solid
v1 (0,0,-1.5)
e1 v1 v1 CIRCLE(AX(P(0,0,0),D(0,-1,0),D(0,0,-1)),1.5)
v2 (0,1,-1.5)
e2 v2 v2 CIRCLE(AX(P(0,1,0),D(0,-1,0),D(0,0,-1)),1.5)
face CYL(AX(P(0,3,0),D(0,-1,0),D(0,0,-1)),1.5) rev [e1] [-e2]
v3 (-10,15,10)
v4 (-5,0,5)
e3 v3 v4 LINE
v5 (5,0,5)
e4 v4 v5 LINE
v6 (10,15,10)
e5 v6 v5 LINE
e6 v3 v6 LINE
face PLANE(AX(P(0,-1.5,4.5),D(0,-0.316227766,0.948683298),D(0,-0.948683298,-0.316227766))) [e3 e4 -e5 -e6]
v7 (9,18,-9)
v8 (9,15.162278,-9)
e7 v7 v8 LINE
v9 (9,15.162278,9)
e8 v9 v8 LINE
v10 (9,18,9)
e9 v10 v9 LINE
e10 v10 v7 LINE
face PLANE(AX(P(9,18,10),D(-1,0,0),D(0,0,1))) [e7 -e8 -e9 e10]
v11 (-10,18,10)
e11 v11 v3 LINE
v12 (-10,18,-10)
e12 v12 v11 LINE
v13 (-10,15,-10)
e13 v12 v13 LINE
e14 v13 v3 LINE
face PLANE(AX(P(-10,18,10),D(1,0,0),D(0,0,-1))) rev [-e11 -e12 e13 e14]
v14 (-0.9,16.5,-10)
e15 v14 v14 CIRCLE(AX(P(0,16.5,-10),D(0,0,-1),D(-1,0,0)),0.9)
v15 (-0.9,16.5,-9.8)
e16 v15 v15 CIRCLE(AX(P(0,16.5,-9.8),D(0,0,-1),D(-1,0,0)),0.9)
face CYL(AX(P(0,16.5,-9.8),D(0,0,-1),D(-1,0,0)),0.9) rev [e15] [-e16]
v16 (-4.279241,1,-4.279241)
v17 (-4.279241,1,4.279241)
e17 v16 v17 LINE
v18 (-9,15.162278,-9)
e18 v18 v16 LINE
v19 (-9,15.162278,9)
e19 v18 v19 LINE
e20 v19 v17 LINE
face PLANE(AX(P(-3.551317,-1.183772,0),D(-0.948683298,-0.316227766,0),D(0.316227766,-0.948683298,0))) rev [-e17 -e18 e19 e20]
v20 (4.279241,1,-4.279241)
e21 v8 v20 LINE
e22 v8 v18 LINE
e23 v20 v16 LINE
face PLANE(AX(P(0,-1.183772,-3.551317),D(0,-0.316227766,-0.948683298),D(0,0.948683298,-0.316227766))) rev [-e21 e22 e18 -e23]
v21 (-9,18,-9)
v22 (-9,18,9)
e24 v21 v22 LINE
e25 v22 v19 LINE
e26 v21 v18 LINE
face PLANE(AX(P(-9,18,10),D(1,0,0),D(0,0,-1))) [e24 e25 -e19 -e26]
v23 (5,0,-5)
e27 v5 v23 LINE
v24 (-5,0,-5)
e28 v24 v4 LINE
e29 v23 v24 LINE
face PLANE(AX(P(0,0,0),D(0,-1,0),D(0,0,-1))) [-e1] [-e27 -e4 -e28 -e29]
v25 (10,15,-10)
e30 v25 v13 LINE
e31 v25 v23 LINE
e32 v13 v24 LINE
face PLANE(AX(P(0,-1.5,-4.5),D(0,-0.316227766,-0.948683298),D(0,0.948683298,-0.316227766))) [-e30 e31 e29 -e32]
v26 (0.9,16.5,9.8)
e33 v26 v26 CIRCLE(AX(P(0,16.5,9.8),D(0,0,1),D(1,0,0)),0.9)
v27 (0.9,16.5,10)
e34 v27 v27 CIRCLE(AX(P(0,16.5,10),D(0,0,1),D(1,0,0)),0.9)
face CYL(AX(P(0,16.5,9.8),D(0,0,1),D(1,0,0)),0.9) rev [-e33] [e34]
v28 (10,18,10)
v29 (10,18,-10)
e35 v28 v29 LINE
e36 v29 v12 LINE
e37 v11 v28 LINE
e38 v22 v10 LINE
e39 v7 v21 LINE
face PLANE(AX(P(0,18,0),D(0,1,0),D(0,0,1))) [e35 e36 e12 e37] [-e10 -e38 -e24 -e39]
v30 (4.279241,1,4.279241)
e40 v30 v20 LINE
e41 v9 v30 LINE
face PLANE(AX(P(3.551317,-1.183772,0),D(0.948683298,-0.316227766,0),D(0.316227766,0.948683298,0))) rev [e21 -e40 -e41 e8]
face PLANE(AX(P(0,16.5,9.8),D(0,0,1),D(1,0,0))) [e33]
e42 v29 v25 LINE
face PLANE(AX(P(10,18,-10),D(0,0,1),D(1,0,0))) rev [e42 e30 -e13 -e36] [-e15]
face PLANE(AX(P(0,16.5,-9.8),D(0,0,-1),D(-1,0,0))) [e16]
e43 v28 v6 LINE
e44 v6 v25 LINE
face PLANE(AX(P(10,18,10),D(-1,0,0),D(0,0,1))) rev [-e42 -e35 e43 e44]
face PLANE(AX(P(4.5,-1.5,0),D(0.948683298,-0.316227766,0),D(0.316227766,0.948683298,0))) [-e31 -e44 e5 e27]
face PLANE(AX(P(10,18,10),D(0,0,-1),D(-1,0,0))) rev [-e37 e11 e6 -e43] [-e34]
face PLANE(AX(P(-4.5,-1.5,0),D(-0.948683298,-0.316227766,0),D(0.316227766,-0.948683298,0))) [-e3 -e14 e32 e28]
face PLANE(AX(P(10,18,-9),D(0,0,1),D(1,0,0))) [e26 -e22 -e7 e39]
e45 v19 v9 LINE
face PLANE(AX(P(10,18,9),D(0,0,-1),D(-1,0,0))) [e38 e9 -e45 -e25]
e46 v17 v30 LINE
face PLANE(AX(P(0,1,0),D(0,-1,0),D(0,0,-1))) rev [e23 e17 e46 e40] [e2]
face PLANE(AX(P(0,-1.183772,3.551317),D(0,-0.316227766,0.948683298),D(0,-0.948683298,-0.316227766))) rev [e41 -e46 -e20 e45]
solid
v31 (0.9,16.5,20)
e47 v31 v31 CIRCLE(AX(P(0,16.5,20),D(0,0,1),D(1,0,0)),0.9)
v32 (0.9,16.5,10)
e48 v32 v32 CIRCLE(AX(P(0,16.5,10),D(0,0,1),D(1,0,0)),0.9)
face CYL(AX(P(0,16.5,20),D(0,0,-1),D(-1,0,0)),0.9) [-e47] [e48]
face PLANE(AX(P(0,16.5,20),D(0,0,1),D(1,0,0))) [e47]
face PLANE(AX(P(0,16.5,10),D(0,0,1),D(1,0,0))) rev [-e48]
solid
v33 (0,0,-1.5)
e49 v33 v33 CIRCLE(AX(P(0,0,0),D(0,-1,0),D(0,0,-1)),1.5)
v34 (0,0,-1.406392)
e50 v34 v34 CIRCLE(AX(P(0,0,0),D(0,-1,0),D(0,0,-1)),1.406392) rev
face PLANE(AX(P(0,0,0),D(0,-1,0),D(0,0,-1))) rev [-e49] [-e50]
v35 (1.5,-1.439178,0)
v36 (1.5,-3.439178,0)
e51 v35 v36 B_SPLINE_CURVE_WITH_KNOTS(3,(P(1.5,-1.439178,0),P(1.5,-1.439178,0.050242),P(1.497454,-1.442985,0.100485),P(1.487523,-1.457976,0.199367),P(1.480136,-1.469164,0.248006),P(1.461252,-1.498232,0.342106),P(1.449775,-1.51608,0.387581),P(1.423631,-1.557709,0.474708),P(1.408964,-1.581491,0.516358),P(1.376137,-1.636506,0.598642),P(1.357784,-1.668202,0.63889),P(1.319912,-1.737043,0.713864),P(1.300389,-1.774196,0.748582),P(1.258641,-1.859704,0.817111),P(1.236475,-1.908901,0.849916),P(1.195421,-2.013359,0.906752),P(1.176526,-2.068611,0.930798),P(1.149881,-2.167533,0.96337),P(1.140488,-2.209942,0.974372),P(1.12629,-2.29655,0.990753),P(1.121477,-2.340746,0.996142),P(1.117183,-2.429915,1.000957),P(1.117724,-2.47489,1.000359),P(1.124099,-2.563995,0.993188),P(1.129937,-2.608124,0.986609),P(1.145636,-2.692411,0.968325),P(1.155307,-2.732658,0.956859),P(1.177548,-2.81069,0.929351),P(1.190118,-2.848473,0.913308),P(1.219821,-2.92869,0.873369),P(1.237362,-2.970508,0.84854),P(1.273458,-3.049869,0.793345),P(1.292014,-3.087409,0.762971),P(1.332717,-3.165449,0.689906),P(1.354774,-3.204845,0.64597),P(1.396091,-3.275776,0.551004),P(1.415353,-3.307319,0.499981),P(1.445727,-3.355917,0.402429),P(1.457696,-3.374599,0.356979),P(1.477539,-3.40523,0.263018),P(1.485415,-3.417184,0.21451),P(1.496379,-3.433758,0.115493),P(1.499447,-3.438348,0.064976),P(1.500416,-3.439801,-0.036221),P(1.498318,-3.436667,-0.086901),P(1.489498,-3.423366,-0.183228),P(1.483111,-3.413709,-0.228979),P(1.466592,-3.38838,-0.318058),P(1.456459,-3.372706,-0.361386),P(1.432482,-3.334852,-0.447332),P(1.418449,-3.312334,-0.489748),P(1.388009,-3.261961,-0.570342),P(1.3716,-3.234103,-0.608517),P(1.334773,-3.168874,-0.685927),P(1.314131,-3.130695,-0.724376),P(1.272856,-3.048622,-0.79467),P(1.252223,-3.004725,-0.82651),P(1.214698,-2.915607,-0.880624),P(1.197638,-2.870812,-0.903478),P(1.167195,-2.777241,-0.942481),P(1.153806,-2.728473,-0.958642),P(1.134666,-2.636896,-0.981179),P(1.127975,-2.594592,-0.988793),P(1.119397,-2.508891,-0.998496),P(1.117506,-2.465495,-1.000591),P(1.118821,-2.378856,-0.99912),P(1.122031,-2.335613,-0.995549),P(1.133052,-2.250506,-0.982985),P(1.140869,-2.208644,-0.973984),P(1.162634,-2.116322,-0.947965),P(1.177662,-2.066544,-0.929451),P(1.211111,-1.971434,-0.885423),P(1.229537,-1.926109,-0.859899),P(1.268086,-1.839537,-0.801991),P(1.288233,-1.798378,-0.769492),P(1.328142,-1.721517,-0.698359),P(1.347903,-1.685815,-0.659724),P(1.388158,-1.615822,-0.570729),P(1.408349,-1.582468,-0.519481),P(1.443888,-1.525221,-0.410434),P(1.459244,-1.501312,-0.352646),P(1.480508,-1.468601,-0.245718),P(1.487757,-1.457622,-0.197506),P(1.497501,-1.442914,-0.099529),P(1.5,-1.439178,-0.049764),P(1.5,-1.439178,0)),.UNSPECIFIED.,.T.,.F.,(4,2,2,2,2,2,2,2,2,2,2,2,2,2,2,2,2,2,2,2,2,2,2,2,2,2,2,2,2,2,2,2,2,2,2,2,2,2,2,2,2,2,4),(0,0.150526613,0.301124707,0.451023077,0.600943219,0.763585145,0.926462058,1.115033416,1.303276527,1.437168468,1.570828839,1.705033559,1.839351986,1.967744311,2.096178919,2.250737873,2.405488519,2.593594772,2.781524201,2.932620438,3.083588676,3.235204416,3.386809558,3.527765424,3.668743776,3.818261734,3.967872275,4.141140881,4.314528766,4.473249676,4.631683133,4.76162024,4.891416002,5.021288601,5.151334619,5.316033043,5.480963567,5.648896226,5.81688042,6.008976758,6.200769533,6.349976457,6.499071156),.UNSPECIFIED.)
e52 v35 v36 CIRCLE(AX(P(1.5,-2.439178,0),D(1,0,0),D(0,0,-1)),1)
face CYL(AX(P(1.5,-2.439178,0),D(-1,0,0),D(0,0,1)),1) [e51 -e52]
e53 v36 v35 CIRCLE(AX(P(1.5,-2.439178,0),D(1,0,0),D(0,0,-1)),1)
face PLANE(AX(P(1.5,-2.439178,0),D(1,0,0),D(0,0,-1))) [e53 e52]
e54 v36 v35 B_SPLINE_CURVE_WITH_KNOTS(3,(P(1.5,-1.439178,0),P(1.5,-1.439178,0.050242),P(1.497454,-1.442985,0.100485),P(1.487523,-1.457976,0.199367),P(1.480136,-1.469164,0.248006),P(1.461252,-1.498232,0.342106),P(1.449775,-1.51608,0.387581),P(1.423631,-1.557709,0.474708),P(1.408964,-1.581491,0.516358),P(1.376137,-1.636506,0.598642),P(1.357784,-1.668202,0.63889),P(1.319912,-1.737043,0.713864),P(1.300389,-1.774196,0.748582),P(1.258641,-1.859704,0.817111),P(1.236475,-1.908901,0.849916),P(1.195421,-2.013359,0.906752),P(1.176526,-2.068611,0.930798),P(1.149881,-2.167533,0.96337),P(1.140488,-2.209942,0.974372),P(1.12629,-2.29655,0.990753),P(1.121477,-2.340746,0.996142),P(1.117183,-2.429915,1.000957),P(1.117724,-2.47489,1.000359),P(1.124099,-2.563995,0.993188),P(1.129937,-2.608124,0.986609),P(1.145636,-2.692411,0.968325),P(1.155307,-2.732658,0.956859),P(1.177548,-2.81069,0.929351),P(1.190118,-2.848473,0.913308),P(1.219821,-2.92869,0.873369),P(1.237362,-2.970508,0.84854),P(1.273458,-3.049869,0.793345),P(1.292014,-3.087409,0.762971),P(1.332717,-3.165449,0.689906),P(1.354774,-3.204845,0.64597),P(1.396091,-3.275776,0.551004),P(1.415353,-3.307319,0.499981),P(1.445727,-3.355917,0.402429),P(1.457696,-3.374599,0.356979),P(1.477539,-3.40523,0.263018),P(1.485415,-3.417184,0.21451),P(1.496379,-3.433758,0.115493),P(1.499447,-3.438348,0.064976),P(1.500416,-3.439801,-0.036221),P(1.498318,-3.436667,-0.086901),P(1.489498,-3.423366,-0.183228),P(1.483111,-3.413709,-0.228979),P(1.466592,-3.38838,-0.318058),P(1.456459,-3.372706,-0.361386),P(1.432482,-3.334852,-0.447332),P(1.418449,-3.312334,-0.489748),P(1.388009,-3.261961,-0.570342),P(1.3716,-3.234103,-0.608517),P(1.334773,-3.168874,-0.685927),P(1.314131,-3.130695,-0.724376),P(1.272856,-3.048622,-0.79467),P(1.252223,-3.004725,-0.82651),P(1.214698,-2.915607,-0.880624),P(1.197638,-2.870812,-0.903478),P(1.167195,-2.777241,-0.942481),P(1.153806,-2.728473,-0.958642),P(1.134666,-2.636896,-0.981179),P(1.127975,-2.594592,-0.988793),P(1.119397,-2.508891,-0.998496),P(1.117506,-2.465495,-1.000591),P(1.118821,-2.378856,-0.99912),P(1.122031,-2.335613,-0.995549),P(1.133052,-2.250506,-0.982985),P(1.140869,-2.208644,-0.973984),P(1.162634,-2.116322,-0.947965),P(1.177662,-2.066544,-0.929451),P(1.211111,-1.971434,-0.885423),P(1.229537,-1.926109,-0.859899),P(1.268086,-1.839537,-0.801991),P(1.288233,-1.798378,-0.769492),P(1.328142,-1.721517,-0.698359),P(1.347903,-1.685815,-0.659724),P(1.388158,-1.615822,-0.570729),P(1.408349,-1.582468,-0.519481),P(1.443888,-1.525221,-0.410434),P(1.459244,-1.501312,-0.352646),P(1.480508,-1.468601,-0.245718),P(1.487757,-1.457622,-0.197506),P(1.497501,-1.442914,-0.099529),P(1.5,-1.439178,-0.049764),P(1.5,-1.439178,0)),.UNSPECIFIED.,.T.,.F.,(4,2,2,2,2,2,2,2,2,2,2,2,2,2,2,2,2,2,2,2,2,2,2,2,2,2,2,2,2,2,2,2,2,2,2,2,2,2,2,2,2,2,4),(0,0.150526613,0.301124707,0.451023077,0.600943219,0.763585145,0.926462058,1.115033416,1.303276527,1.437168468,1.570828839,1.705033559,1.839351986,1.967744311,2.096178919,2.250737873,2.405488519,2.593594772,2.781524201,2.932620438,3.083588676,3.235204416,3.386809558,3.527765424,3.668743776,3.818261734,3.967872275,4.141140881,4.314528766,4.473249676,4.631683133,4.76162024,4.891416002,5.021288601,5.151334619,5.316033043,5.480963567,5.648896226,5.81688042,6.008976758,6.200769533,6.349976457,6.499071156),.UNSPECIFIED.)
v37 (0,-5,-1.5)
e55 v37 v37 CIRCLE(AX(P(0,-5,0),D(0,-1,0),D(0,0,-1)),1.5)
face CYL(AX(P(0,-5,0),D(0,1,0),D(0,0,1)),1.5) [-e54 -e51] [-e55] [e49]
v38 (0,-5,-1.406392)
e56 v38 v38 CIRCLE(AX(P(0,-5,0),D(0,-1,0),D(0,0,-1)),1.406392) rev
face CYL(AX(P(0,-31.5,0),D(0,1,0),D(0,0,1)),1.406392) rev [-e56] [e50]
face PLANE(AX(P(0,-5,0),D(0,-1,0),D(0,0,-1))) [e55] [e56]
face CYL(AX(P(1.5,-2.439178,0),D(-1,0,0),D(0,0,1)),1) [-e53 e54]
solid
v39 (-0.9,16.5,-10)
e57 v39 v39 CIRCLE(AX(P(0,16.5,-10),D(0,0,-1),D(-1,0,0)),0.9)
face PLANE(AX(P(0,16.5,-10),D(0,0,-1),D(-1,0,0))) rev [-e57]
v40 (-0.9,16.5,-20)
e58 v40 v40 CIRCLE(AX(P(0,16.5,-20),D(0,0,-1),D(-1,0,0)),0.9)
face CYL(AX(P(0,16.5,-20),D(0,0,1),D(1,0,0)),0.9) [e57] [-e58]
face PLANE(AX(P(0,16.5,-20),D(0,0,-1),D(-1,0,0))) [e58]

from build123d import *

# Parameters (mm, degrees)
CROQUIS3_W                 = 20
CROQUIS3_H                 = 20
SALIENTE_EXTRUIR1_DEPTH    = 3
VACIADO2_T                 = -1
CROQUIS4_R                 = 1.5
CORTAR_EXTRUIR1_DEPTH      = 3
CROQUIS5_R                 = 1.5
SALIENTE_EXTRUIR2_DEPTH    = 5
CROQUIS6_R                 = 1.355898714
CORTAR_EXTRUIR2_DEPTH      = 15
CROQUIS7_R                 = 1
SALIENTE_EXTRUIR4_DEPTH    = 1.5
CORTAR_EXTRUIR3_DEPTH      = 31.5
CORTAR_EXTRUIR3_DEPTH_BACK = 1.5
CROQUIS10_R                = 1.406391719
CROQUIS11_R                = 0.9
CORTAR_EXTRUIR4_DEPTH      = 0.2
CORTAR_EXTRUIR5_START      = -0.2
CROQUIS12_R                = 0.9
CORTAR_EXTRUIR5_DEPTH      = 0.2
CROQUIS15_R                = 0.9
SALIENTE_EXTRUIR6_DEPTH    = 10
CROQUIS16_R                = 0.9
SALIENTE_EXTRUIR7_DEPTH    = 10


with BuildPart() as part:
    # Croquis2 → Recubrir1 section 0
    with BuildSketch(Plane(origin=(0, 15, 0), x_dir=(1, 0, 0), z_dir=(0, 1, 0))):
        with BuildLine():
            Line((-10, -10), (10, -10))
            Line((10, -10), (10, 10))
            Line((10, 10), (-10, 10))
            Line((-10, 10), (-10, -10))
        make_face()
    # Croquis1 → Recubrir1 section 1
    with BuildSketch(Plane(origin=(0, 0, 0), x_dir=(1, 0, 0), z_dir=(0, 1, 0))):
        with BuildLine():
            Line((-5, -5), (5, -5))
            Line((5, -5), (5, 5))
            Line((5, 5), (-5, 5))
            Line((-5, 5), (-5, -5))
        make_face()
    loft()

    # Croquis3 → Saliente-Extruir1 (add)
    with BuildSketch(Plane(origin=(0, 15, 0), x_dir=(1, 0, 0), z_dir=(0, 1, 0))):
        Rectangle(CROQUIS3_W, CROQUIS3_H)
    extrude(amount=SALIENTE_EXTRUIR1_DEPTH)

    # Vaciado2
    vaciado2_openings = [part.faces().sort_by_distance(p)[0] for p in [
        (0, 18, 0),
    ]]
    offset(amount=VACIADO2_T, openings=vaciado2_openings, kind=Kind.INTERSECTION)

    # Croquis4 → Cortar-Extruir1 (cut)
    with BuildSketch(Plane(origin=(0, 0, 0), x_dir=(-1, 0, 0), z_dir=(0, -1, 0))):
        with Locations(Location((0, 0, 0), (0, 0, 90))):
            Circle(CROQUIS4_R)
    extrude(amount=-CORTAR_EXTRUIR1_DEPTH, mode=Mode.SUBTRACT)

    # Croquis11 → Cortar-Extruir4 (cut)
    with BuildSketch(Plane(origin=(0, 0, -10), x_dir=(-1, 0, 0), z_dir=(0, 0, -1))):
        with Locations((0, 16.5)):
            Circle(CROQUIS11_R)
    extrude(amount=-CORTAR_EXTRUIR4_DEPTH, mode=Mode.SUBTRACT)

    # Croquis12 → Cortar-Extruir5 (cut)
    with BuildSketch(Plane.XY.offset(10).offset(CORTAR_EXTRUIR5_START)):
        with Locations(Location((0, 16.5, 0), (0, 0, 180))):
            Circle(CROQUIS12_R)
    extrude(amount=CORTAR_EXTRUIR5_DEPTH, mode=Mode.SUBTRACT)


with BuildPart() as body_2:
    # Croquis5 → Saliente-Extruir2 (new body)
    with BuildSketch(Plane(origin=(0, 0, 0), x_dir=(-1, 0, 0), z_dir=(0, -1, 0))):
        with Locations(Location((0, 0, 0), (0, 0, 90))):
            Circle(CROQUIS5_R)
    extrude(amount=SALIENTE_EXTRUIR2_DEPTH)

    # Croquis6 → Cortar-Extruir2 (cut)
    with BuildSketch(Plane(origin=(0, -5, 0), x_dir=(-1, 0, 0), z_dir=(0, -1, 0))):
        with Locations(Location((0, 0, 0), (0, 0, 90))):
            Circle(CROQUIS6_R)
    extrude(amount=-CORTAR_EXTRUIR2_DEPTH, mode=Mode.SUBTRACT)

    # Croquis7 → Saliente-Extruir4 (add)
    with BuildSketch(Plane(origin=(0, 0, 0), x_dir=(0, 0, -1), z_dir=(1, 0, 0))):
        with Locations(Location((0, -2.4391778, 0), (0, 0, 180))):
            Circle(CROQUIS7_R)
    extrude(amount=SALIENTE_EXTRUIR4_DEPTH)

    # Croquis10 → Cortar-Extruir3 (cut, two sides: drawn at the far end of the back side and taken through both)
    with BuildSketch(Plane(origin=(0, 0, 0), x_dir=(-1, 0, 0), z_dir=(0, -1, 0)).offset(-CORTAR_EXTRUIR3_DEPTH_BACK)):
        with Locations(Location((0, 0, 0), (0, 0, 90))):
            Circle(CROQUIS10_R)
    extrude(amount=CORTAR_EXTRUIR3_DEPTH + CORTAR_EXTRUIR3_DEPTH_BACK, mode=Mode.SUBTRACT)


with BuildPart() as body_3:
    # Croquis15 → Saliente-Extruir6 (new body)
    with BuildSketch(Plane(origin=(0, 0, -10), x_dir=(-1, 0, 0), z_dir=(0, 0, -1))):
        with Locations((0, 16.5)):
            Circle(CROQUIS15_R)
    extrude(amount=SALIENTE_EXTRUIR6_DEPTH)


with BuildPart() as body_4:
    # Croquis16 → Saliente-Extruir7 (new body)
    with BuildSketch(Plane.XY.offset(10)):
        with Locations((0, 16.5)):
            Circle(CROQUIS16_R)
    extrude(amount=SALIENTE_EXTRUIR7_DEPTH)


solid = Compound([part.part, body_2.part, body_3.part, body_4.part])
